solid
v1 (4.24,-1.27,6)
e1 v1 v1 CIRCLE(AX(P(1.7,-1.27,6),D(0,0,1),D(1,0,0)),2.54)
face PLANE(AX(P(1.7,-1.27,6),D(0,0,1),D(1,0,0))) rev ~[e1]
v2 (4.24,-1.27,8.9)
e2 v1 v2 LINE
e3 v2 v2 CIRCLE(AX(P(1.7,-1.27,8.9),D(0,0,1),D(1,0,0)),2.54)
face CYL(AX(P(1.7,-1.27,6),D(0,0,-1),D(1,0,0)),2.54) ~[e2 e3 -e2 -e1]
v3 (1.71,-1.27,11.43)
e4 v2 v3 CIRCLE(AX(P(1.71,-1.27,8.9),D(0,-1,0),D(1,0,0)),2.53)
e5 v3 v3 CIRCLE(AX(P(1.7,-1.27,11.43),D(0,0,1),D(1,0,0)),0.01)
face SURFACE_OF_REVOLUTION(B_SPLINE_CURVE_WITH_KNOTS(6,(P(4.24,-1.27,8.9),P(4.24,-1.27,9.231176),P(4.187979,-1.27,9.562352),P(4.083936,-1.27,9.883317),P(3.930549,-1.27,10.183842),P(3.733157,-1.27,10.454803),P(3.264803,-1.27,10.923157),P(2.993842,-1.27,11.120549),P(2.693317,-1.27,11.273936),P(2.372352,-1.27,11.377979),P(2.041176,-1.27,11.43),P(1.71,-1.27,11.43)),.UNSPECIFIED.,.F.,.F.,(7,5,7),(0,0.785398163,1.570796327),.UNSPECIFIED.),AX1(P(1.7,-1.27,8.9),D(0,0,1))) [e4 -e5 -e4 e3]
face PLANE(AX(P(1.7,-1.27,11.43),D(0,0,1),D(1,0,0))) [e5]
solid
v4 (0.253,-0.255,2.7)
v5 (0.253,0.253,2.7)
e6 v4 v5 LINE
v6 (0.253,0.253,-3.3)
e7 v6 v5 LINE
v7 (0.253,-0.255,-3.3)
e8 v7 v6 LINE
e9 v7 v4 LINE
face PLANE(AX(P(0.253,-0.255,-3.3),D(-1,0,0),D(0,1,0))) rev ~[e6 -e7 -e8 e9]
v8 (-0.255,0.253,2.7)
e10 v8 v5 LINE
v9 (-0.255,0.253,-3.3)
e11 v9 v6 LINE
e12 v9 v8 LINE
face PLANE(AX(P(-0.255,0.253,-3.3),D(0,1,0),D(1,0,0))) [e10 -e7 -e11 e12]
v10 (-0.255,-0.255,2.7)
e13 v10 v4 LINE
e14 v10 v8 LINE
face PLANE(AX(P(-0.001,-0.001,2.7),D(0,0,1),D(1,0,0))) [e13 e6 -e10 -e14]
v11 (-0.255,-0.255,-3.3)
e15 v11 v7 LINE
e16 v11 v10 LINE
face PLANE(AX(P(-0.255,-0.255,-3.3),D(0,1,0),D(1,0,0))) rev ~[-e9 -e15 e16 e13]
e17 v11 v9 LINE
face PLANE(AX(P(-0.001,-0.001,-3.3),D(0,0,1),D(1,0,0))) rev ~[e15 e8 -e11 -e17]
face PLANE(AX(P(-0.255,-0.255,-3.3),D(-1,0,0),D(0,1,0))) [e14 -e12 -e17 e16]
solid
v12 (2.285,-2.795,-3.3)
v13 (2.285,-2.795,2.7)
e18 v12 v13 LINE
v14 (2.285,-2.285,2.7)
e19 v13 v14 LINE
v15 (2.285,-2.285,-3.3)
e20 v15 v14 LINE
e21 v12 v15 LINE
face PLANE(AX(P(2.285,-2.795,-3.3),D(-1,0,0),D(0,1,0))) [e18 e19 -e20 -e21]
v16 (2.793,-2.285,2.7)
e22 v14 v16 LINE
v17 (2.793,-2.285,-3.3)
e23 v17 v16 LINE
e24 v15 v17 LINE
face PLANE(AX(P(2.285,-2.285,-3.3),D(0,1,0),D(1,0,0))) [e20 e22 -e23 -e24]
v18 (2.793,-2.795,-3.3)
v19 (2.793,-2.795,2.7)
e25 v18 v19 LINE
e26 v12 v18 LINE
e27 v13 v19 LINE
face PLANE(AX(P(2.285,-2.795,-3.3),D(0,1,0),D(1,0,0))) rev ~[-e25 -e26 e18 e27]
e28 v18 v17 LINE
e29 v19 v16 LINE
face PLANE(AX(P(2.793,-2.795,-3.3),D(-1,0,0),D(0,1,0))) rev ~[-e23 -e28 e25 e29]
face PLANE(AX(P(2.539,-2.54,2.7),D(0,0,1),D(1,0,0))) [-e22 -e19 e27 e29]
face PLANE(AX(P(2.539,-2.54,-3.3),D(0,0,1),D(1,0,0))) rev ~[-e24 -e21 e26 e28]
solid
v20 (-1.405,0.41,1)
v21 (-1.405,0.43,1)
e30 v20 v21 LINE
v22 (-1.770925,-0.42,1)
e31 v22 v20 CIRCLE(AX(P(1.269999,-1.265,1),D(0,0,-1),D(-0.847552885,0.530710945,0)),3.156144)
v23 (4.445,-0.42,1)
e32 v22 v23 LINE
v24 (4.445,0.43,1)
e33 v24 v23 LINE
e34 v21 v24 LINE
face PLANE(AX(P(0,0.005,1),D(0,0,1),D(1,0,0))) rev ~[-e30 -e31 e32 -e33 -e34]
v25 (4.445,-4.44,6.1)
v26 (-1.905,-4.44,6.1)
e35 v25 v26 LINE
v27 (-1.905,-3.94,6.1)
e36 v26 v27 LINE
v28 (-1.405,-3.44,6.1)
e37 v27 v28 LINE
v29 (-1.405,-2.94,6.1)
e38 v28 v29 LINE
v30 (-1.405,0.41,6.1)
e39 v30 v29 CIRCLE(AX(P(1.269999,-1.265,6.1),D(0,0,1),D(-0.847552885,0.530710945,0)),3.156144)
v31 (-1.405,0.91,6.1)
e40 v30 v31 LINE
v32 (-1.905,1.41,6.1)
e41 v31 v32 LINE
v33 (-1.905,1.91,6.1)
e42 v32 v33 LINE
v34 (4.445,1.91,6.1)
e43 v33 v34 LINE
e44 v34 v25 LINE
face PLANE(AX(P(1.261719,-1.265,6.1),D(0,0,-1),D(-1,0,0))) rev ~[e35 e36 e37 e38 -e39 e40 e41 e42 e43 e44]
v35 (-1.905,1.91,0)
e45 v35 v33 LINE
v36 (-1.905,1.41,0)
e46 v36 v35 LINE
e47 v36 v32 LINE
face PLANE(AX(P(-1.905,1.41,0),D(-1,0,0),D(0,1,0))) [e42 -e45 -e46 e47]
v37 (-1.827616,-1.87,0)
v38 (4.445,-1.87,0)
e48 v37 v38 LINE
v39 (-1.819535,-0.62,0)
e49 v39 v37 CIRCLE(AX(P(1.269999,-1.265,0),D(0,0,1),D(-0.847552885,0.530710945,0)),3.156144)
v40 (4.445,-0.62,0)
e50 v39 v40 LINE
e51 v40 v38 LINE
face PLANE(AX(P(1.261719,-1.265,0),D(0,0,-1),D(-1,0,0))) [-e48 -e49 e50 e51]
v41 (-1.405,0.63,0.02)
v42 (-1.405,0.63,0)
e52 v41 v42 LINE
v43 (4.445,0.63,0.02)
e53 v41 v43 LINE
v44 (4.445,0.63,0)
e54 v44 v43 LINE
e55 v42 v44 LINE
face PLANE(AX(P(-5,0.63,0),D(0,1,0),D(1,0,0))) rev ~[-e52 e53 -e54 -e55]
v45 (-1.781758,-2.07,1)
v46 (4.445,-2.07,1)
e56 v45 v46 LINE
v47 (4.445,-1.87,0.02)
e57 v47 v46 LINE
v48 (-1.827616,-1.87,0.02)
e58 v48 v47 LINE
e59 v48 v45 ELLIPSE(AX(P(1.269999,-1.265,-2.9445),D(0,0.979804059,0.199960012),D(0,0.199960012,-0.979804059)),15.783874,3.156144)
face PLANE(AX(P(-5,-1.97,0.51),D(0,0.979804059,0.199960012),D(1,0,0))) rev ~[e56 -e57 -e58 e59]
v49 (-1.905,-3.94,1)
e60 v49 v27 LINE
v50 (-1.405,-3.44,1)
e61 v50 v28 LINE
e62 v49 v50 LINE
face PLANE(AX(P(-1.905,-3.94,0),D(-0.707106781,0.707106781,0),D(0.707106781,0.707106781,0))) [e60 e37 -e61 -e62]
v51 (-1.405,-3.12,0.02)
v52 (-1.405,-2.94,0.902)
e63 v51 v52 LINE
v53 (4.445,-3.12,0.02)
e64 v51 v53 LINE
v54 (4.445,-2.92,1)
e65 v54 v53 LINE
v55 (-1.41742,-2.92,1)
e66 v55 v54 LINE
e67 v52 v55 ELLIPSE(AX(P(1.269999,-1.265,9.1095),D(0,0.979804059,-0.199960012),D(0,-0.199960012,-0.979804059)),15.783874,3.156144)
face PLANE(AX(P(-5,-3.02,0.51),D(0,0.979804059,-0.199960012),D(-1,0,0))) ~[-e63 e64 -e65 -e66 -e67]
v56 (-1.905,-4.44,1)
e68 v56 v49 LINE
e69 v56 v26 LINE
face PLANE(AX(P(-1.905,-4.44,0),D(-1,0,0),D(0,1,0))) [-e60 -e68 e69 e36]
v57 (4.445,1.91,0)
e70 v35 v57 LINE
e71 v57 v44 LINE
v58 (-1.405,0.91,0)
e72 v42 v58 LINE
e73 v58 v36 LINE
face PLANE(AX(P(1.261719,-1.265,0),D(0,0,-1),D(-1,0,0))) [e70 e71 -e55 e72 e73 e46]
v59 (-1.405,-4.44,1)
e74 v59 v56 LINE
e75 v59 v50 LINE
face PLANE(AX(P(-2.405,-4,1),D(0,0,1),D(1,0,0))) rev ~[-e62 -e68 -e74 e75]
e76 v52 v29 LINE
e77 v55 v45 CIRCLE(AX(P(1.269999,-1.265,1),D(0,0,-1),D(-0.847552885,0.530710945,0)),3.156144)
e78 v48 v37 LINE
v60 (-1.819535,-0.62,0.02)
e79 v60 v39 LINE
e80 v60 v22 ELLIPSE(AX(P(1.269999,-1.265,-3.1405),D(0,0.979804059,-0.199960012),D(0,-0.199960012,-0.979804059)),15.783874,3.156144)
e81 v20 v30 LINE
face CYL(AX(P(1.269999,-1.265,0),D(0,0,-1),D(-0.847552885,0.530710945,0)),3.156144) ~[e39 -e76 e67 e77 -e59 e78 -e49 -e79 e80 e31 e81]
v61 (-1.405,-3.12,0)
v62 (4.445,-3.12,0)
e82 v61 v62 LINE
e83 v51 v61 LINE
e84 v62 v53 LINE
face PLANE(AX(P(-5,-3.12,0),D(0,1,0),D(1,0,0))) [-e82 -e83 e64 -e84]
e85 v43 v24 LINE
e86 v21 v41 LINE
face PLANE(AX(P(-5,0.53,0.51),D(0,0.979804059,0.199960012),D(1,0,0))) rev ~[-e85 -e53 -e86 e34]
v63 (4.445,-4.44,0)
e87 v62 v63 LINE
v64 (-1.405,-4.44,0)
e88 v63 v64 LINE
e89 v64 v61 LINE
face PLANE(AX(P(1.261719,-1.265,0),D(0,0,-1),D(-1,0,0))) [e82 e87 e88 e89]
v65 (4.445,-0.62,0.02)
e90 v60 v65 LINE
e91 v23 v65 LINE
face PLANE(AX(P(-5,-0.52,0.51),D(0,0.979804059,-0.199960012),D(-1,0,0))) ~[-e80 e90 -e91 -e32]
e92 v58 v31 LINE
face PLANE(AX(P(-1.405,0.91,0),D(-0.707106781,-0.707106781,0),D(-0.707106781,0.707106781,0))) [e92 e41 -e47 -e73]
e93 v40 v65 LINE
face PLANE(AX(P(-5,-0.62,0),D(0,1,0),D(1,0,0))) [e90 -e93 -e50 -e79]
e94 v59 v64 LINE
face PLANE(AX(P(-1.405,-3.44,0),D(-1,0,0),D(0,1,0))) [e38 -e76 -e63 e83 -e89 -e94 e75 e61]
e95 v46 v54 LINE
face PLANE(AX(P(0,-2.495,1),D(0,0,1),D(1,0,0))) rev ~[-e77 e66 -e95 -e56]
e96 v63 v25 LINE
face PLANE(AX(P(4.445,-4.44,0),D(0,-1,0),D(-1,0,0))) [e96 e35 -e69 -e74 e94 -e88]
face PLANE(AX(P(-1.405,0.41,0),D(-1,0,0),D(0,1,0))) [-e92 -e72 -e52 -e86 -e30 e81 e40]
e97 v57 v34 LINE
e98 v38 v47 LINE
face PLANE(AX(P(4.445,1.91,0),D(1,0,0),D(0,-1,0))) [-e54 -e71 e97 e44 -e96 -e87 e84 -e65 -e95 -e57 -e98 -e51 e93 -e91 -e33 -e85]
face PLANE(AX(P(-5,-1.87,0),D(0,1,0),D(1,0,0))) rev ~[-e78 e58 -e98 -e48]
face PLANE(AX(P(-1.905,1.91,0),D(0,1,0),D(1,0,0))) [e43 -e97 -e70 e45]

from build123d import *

# Parameters (mm, degrees)
BOX_W            = 0.508
BOX_H            = 0.508
BOX_DEPTH        = 6
BOX001_W         = 0.508
BOX001_H         = 0.51
BOX001_DEPTH     = 6
BOX002_W         = 10
BOX002_H         = 1.25
BOX002_DEPTH     = 1
CHAMFER_SIZE2    = 0.2
CHAMFER_SIZE     = 0.98
CHAMFER002_SIZE2 = 0.98
CHAMFER002_SIZE  = 0.2
BOX003_W         = 10
BOX003_H         = 1.25
BOX003_DEPTH     = 1
CHAMFER001_SIZE2 = 0.2
CHAMFER001_SIZE  = 0.98
CHAMFER003_SIZE2 = 0.98
CHAMFER003_SIZE  = 0.2
BOX004_W         = 2
BOX004_H         = 2
BOX004_DEPTH     = 10
PAD_DEPTH        = 6.1
CYLINDER_R       = 2.54
CYLINDER_DEPTH   = 5.43
FILLET_R         = 2.53


with BuildPart() as anode:
    # Box → Box (new body)
    with BuildSketch(Plane(origin=(-0.255, -0.255, -3.3), x_dir=(1, 0, 0), z_dir=(0, 0, 1))):
        with Locations((0.254, 0.254)):
            Rectangle(BOX_W, BOX_H)
    extrude(amount=BOX_DEPTH)


with BuildPart() as cathode:
    # Box001 → Box001 (new body)
    with BuildSketch(Plane(origin=(2.285, -2.795, -3.3), x_dir=(1, 0, 0), z_dir=(0, 0, 1))):
        with Locations((0.254, 0.255)):
            Rectangle(BOX001_W, BOX001_H)
    extrude(amount=BOX001_DEPTH)


with BuildPart() as chamfer002:
    # Box002 → Box002 (new body)
    with BuildSketch(Plane(origin=(-5, -1.85, 0), x_dir=(1, 0, 0), z_dir=(0, 0, 1))):
        with Locations((5, 0.625)):
            Rectangle(BOX002_W, BOX002_H)
    extrude(amount=BOX002_DEPTH)

    # Chamfer
    chamfer_edges = [chamfer002.edges().sort_by_distance(p)[0] for p in [
        (0, -1.85, 1),
    ]]
    chamfer_side = chamfer002.faces().sort_by_distance((0, -1.85, 0.5))[0]
    chamfer(chamfer_edges, length=CHAMFER_SIZE, length2=CHAMFER_SIZE2, reference=chamfer_side)

    # Chamfer002
    chamfer002_edges = [chamfer002.edges().sort_by_distance(p)[0] for p in [
        (0, -0.6, 1),
    ]]
    chamfer002_side = chamfer002.faces().sort_by_distance((0, -1.125, 1))[0]
    chamfer(chamfer002_edges, length=CHAMFER002_SIZE, length2=CHAMFER002_SIZE2, reference=chamfer002_side)


with BuildPart() as chamfer002_1:
    # Chamfer002 placement: moved
    add(chamfer002.part.moved(Location((0, -1.27, 0))))


with BuildPart() as chamfer003:
    # Box003 → Box003 (new body)
    with BuildSketch(Plane(origin=(-5, 0.65, 0), x_dir=(1, 0, 0), z_dir=(0, 0, 1))):
        with Locations((5, 0.625)):
            Rectangle(BOX003_W, BOX003_H)
    extrude(amount=BOX003_DEPTH)

    # Chamfer001
    chamfer001_edges = [chamfer003.edges().sort_by_distance(p)[0] for p in [
        (0, 0.65, 1),
    ]]
    chamfer001_side = chamfer003.faces().sort_by_distance((0, 0.65, 0.5))[0]
    chamfer(chamfer001_edges, length=CHAMFER001_SIZE, length2=CHAMFER001_SIZE2, reference=chamfer001_side)

    # Chamfer003
    chamfer003_edges = [chamfer003.edges().sort_by_distance(p)[0] for p in [
        (0, 1.9, 1),
    ]]
    chamfer003_side = chamfer003.faces().sort_by_distance((0, 1.375, 1))[0]
    chamfer(chamfer003_edges, length=CHAMFER003_SIZE, length2=CHAMFER003_SIZE2, reference=chamfer003_side)


with BuildPart() as chamfer003_1:
    # Chamfer003 placement: moved
    add(chamfer003.part.moved(Location((0, -1.27, 0))))


with BuildPart() as kub002:
    # Box004 → Box004 (new body)
    with BuildSketch(Plane(origin=(-3.405, -5, -9), x_dir=(1, 0, 0), z_dir=(0, 0, 1))):
        with Locations((1, 1)):
            Rectangle(BOX004_W, BOX004_H)
    extrude(amount=BOX004_DEPTH)


with BuildPart() as cut002:
    # Sketch → Pad (new body)
    with BuildSketch(Plane.XY):
        with BuildLine():
            Line((-1.405, 0.41), (-1.405, 0.91))
            Line((-1.405, 0.91), (-1.905, 1.41))
            Line((-1.905, 1.41), (-1.905, 1.91))
            Line((-1.905, 1.91), (4.445, 1.91))
            Line((4.445, 1.91), (4.445, -4.44))
            Line((4.445, -4.44), (-1.905, -4.44))
            Line((-1.905, -4.44), (-1.905, -3.94))
            Line((-1.905, -3.94), (-1.405, -3.44))
            Line((-1.405, -3.44), (-1.405, -2.94))
            ThreePointArc((-1.405, 0.41), (-1.886145, -1.265), (-1.405, -2.94))
        make_face()
    extrude(amount=PAD_DEPTH)

    # Cut: cut Kub002
    add(kub002.part, mode=Mode.SUBTRACT)

    # Cut001: cut Chamfer003
    add(chamfer003_1.part, mode=Mode.SUBTRACT)

    # Cut002: cut Chamfer002
    add(chamfer002_1.part, mode=Mode.SUBTRACT)


with BuildPart() as fillet_body:
    # Cylinder → Cylinder (new body)
    with BuildSketch(Plane(origin=(1.7, -1.27, 6), x_dir=(1, 0, 0), z_dir=(0, 0, 1))):
        Circle(CYLINDER_R)
    extrude(amount=CYLINDER_DEPTH)

    # Fillet
    fillet_edges = [fillet_body.edges().sort_by_distance(p)[0] for p in [
        (-0.84, -1.27, 11.43),
    ]]
    fillet(fillet_edges, radius=FILLET_R)


solid = Compound([anode.part, cathode.part, cut002.part, fillet_body.part])
